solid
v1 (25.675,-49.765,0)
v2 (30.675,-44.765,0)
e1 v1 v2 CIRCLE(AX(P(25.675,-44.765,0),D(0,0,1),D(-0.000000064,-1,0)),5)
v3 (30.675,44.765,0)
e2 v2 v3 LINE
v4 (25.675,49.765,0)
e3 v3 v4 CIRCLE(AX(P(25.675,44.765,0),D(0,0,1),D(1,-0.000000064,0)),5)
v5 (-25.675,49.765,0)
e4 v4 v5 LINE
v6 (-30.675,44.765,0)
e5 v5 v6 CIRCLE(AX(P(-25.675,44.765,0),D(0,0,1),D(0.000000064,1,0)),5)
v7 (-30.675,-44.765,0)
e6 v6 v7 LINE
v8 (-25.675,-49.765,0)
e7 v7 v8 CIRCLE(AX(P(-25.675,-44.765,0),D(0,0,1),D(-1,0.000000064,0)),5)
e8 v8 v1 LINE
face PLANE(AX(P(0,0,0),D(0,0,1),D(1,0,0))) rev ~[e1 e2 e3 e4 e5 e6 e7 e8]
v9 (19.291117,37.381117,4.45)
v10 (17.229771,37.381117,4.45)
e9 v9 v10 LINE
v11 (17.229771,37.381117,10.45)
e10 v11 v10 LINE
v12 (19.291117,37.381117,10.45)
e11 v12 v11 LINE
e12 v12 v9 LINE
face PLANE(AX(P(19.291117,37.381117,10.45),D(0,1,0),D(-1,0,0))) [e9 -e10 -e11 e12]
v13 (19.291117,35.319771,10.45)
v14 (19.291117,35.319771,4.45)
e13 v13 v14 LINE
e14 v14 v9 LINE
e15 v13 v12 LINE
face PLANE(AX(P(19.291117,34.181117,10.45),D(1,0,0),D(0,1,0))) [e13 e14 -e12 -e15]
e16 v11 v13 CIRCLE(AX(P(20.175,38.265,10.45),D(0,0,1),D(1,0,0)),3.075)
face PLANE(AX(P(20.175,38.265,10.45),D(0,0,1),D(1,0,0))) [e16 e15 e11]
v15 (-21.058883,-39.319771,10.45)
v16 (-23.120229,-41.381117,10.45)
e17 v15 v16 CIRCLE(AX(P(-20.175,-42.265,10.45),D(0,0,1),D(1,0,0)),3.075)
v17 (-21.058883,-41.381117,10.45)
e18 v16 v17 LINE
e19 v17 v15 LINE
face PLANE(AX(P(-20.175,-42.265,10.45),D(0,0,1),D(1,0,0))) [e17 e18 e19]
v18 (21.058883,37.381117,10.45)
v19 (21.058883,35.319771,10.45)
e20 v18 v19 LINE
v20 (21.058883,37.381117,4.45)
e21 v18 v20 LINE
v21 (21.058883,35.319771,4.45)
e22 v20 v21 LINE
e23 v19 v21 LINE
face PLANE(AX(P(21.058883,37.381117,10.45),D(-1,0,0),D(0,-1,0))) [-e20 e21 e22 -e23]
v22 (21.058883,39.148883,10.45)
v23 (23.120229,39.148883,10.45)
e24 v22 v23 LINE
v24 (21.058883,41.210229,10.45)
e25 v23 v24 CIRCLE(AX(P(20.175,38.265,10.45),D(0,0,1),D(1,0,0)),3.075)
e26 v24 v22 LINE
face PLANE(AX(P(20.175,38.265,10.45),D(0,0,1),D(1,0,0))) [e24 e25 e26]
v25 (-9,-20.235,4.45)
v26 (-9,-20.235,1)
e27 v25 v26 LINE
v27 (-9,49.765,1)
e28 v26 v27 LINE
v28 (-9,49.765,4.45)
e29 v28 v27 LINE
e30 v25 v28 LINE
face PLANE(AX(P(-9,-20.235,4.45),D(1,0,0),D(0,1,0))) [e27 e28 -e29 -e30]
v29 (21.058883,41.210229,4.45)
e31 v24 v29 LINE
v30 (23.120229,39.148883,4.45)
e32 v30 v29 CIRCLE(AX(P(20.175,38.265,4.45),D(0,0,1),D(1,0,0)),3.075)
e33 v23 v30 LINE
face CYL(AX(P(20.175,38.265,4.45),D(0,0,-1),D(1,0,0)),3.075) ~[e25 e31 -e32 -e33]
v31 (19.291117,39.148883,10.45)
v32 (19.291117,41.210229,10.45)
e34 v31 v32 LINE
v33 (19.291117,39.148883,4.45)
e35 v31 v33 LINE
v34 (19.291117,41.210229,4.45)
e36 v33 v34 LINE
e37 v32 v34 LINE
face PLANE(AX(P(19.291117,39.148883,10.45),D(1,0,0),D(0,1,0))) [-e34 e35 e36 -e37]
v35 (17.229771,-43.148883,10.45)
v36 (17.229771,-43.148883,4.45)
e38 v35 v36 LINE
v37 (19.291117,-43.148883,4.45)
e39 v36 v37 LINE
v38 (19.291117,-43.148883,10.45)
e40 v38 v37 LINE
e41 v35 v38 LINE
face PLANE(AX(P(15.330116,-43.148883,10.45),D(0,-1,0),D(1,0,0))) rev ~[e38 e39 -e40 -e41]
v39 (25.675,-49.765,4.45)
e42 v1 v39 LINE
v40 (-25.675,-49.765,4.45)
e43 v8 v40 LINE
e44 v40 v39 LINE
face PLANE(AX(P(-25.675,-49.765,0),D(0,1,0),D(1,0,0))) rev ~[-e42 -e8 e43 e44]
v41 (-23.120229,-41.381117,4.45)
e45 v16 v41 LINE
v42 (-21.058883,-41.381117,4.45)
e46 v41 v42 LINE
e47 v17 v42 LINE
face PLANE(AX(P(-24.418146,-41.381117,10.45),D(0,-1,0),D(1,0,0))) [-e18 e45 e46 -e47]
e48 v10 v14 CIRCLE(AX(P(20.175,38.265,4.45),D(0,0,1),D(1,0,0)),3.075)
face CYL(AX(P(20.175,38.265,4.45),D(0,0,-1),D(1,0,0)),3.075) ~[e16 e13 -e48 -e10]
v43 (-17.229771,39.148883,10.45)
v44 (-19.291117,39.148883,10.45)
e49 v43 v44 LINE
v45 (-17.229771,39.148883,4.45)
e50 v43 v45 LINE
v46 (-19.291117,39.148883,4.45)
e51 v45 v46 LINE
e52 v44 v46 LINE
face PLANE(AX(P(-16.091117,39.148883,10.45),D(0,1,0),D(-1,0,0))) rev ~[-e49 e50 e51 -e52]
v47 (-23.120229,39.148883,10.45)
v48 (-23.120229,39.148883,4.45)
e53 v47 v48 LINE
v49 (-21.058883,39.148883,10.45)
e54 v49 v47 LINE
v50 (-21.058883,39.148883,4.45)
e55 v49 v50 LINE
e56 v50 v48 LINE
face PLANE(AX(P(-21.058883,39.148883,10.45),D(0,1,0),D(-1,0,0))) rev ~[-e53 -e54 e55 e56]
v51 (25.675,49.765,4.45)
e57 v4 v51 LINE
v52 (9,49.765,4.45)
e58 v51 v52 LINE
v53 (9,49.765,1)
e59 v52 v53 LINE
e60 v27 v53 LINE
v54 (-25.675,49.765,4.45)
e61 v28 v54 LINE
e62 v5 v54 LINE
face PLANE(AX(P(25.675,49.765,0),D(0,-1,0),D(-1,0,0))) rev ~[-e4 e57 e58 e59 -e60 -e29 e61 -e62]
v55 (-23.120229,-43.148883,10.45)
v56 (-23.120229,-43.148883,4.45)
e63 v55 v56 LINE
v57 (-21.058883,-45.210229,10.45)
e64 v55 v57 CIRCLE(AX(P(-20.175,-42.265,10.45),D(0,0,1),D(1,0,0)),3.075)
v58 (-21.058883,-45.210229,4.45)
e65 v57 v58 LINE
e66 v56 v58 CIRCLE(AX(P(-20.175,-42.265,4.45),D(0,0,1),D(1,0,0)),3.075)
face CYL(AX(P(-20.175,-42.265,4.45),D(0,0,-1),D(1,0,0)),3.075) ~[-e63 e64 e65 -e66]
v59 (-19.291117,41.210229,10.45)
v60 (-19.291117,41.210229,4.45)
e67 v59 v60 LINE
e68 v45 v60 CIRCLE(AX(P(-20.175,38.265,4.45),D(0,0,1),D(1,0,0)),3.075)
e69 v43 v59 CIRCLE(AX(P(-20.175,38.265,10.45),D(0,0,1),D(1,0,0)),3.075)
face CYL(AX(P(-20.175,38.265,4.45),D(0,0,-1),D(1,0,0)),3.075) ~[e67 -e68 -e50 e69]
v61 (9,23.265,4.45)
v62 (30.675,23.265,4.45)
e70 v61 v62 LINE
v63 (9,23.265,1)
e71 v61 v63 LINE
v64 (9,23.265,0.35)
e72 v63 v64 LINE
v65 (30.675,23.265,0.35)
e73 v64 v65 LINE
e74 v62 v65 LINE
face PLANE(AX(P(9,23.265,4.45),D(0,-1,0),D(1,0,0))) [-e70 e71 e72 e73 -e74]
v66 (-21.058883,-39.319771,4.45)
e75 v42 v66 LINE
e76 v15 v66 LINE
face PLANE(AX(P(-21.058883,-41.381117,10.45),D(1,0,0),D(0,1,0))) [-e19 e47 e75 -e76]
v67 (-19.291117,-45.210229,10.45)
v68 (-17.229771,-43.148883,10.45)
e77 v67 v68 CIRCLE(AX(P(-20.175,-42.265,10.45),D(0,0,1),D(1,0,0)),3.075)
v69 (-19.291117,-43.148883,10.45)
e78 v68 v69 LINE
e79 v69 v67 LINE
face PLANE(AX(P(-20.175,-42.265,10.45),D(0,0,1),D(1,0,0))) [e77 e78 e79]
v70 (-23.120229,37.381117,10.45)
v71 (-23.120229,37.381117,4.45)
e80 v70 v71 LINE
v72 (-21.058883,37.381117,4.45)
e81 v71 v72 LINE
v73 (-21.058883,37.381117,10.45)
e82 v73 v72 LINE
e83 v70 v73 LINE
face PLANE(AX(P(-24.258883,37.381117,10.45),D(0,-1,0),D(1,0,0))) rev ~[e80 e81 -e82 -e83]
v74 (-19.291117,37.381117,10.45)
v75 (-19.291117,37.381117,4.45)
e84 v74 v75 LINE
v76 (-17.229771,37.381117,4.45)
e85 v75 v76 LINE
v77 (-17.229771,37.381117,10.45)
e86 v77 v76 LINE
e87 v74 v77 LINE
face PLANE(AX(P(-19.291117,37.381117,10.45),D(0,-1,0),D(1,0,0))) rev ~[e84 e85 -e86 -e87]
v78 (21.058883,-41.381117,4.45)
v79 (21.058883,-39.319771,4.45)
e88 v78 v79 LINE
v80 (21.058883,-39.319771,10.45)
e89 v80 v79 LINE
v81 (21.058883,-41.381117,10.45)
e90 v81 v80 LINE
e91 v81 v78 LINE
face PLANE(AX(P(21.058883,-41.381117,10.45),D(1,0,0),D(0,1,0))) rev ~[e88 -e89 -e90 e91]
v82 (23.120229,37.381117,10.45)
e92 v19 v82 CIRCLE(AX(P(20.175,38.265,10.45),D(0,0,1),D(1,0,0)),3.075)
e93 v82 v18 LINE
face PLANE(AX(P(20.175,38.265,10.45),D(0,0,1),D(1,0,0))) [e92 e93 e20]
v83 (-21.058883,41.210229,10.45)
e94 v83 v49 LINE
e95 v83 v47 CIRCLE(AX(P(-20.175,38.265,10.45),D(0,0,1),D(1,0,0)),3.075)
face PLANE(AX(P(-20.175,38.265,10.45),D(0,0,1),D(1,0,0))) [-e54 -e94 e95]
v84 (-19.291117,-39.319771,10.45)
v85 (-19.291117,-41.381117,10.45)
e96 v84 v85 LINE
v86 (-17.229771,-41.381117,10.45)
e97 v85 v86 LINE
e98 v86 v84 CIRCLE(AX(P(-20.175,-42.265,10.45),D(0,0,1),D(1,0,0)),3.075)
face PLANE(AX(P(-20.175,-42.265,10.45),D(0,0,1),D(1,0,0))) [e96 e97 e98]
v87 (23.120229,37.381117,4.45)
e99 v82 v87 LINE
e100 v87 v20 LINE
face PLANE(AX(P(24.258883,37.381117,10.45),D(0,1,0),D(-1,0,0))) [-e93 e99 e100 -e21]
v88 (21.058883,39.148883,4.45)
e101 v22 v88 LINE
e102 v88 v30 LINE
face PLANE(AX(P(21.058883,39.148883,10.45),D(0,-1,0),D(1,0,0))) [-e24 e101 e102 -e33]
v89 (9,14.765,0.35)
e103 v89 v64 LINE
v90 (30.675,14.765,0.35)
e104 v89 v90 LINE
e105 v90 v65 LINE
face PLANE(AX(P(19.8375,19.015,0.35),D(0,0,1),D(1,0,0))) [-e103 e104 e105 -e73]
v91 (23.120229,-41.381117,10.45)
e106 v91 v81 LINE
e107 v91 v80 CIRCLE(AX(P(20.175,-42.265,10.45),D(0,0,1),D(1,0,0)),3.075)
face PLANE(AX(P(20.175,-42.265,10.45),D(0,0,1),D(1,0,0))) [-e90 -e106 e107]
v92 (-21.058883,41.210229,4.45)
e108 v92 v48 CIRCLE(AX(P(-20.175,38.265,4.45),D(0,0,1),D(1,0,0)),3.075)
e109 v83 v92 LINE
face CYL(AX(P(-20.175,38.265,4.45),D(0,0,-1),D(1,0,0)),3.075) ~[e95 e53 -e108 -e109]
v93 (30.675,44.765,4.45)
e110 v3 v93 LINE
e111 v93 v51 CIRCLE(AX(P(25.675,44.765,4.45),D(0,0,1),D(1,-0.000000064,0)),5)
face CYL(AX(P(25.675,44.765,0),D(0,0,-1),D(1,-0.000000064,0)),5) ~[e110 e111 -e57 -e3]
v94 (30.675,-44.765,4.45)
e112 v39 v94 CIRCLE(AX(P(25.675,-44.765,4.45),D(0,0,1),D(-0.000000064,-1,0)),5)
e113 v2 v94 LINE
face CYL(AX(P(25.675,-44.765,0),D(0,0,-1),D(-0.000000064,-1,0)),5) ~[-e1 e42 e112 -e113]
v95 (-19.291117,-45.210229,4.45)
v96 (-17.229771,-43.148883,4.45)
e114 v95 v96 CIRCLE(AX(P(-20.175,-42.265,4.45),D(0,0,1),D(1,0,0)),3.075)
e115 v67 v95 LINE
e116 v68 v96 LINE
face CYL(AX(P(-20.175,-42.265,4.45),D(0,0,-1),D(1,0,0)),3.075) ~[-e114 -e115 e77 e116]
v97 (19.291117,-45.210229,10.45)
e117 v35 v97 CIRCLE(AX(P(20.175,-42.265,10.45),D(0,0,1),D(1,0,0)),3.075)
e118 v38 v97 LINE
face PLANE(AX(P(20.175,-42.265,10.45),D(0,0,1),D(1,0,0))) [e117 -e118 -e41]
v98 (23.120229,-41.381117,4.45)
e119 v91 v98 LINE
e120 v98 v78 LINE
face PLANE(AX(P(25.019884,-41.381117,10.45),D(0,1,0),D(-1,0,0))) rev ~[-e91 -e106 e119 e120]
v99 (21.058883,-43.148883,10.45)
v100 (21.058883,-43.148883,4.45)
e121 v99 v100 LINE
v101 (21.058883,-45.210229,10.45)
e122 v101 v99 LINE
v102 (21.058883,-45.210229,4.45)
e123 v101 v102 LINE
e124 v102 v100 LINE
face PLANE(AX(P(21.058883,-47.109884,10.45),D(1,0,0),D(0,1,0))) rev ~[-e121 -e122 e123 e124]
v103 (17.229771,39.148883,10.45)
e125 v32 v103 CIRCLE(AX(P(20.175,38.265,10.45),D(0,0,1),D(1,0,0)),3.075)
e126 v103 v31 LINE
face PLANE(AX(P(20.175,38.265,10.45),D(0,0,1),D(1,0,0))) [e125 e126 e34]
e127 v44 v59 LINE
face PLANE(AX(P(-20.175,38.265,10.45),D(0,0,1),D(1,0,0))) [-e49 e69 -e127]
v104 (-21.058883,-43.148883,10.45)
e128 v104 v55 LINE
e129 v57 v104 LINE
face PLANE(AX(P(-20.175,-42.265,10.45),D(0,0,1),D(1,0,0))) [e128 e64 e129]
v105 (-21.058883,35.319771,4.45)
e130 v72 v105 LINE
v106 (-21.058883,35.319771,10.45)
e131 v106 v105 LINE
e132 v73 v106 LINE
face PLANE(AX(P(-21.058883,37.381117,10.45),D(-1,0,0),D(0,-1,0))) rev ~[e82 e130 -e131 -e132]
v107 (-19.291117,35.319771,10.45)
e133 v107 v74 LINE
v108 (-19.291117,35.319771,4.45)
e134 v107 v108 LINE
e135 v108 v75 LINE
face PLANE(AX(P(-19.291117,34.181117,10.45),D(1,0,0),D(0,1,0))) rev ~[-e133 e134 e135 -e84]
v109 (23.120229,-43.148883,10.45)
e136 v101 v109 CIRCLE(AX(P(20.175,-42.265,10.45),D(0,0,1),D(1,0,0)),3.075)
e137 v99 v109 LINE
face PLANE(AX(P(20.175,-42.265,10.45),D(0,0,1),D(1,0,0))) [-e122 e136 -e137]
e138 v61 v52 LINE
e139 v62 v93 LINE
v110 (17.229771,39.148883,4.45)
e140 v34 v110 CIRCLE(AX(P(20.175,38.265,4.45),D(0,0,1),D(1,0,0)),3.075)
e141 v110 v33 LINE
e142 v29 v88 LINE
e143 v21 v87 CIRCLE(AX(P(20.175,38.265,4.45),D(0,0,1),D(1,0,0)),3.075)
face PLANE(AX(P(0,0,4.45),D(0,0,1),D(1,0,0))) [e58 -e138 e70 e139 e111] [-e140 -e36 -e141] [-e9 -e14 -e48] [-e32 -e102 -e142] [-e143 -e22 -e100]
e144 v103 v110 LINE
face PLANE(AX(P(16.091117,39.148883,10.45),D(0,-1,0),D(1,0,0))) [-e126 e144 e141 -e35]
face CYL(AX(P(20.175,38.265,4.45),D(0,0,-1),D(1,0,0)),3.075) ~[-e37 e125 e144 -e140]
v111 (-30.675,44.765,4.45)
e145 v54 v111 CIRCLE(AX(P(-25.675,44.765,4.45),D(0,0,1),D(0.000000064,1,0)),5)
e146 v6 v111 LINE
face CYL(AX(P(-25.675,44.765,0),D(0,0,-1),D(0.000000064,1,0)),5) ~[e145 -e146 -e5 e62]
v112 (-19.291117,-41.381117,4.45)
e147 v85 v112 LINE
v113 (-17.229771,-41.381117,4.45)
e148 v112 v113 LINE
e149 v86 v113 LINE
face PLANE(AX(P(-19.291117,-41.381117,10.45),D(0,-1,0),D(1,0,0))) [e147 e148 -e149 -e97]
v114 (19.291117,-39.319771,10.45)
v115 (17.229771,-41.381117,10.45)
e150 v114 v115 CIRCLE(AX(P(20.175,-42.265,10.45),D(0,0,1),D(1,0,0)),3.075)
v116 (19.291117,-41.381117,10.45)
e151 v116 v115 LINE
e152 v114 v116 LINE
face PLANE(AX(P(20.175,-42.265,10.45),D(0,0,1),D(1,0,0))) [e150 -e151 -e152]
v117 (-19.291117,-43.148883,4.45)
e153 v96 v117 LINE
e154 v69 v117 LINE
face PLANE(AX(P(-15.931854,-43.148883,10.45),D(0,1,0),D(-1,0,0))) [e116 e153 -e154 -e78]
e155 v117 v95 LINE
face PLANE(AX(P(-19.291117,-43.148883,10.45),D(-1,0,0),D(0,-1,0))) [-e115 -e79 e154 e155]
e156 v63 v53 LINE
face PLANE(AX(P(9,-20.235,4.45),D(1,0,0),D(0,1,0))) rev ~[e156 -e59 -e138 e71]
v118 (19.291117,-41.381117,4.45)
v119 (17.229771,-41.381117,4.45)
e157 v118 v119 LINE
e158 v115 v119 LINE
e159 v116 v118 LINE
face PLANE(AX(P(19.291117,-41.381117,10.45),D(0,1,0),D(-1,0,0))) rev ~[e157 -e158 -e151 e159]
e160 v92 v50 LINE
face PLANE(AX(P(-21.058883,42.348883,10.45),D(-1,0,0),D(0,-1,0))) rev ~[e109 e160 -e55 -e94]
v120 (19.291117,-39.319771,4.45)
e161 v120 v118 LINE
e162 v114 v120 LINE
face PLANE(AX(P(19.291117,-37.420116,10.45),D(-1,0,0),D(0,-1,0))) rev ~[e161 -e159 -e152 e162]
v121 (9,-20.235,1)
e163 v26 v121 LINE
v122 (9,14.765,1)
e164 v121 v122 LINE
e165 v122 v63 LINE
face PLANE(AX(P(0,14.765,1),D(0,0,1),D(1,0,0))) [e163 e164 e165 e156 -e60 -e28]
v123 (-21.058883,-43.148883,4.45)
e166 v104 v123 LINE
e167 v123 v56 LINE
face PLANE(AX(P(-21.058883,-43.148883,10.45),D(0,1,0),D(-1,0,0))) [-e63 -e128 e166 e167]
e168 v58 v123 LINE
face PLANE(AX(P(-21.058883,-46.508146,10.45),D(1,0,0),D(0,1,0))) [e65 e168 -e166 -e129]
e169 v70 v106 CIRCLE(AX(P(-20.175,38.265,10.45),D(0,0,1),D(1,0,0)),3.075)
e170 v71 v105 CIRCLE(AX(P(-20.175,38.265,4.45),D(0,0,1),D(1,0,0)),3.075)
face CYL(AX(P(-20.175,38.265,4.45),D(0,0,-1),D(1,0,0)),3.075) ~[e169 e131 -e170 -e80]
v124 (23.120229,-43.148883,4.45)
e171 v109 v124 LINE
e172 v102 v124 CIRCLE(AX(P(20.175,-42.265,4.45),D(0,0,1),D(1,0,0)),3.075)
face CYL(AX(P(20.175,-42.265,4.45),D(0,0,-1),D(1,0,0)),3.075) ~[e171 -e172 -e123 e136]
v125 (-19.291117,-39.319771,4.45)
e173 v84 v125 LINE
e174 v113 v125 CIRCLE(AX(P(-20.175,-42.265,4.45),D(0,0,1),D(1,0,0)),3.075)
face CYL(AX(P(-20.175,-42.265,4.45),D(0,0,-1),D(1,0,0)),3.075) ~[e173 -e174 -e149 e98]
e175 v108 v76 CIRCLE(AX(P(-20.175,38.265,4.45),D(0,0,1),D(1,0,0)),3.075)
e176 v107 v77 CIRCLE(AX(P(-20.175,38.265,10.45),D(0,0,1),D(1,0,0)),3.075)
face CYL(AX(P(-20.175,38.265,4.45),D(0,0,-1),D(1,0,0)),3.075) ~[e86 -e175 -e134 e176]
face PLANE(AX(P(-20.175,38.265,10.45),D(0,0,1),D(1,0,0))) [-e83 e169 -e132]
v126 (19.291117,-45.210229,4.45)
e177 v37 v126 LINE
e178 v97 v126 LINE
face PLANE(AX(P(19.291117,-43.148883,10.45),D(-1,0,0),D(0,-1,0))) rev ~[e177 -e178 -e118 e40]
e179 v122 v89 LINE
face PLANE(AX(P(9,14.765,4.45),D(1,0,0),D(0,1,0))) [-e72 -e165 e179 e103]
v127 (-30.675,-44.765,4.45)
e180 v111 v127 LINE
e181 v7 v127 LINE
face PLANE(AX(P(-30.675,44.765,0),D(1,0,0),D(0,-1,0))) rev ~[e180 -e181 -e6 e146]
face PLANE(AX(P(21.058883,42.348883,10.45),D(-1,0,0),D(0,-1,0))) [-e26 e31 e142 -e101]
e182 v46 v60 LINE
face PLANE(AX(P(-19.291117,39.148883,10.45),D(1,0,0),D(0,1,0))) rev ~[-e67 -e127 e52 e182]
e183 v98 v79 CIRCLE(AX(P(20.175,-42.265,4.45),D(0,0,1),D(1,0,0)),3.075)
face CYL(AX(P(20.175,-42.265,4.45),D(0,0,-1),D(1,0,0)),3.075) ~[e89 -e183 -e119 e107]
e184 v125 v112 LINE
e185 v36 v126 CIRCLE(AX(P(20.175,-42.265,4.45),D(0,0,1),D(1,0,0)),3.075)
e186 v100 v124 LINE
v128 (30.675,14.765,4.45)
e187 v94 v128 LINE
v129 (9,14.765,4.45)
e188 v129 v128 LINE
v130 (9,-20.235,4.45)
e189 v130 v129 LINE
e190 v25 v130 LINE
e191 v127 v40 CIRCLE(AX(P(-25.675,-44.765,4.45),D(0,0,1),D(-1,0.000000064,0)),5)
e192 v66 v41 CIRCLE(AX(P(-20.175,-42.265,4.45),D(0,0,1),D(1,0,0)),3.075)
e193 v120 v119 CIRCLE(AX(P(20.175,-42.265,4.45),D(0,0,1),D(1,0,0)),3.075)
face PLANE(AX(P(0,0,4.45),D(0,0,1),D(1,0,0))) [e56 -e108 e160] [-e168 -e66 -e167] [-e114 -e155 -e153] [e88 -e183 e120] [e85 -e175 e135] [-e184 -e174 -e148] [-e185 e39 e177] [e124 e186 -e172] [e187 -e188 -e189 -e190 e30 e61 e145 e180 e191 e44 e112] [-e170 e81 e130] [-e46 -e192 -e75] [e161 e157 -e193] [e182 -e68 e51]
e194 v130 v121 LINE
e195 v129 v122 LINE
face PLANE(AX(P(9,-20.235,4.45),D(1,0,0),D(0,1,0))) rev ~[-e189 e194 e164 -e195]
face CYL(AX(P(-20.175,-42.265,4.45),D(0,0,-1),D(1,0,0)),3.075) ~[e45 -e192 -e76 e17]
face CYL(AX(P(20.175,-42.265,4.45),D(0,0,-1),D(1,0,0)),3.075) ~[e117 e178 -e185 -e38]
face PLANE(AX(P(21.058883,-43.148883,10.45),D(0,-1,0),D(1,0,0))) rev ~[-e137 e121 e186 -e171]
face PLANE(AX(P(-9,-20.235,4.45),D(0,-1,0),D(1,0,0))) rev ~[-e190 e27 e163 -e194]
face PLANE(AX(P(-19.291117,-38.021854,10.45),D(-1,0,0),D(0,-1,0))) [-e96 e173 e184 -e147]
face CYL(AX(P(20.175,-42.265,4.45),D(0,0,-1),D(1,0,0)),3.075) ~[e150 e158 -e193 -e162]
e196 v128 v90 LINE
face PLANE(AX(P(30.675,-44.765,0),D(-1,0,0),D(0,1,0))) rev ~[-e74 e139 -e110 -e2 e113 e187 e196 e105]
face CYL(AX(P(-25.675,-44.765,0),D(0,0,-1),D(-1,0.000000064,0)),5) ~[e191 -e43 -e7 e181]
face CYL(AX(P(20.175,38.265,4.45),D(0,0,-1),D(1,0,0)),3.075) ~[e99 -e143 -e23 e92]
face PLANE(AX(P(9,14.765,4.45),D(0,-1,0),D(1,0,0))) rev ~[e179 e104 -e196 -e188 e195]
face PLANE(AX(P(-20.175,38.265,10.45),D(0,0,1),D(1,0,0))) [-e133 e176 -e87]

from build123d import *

# Parameters (mm, degrees)
PAD_DEPTH       = 4.45
SKETCH001_W     = 18
SKETCH001_H     = 70
POCKET_DEPTH    = 3.45
SKETCH002_R     = 3.075
PAD001_DEPTH    = 6
POCKET001_DEPTH = 6
SKETCH004_W     = 21.675
SKETCH004_H     = 8.5
POCKET002_DEPTH = 4.1


with BuildPart() as part:
    # Sketch → Pad (new body)
    with BuildSketch(Plane.XY):
        with BuildLine():
            Line((-30.675, 44.765), (-30.675, -44.765))
            ThreePointArc((-30.675, -44.765), (-29.210534, -48.300534), (-25.675, -49.765))
            Line((-25.675, -49.765), (25.675, -49.765))
            ThreePointArc((25.675, -49.765), (29.210534, -48.300534), (30.675, -44.765))
            Line((30.675, -44.765), (30.675, 44.765))
            ThreePointArc((30.675, 44.765), (29.210534, 48.300534), (25.675, 49.765))
            Line((25.675, 49.765), (-25.675, 49.765))
            ThreePointArc((-25.675, 49.765), (-29.210534, 48.300534), (-30.675, 44.765))
        make_face()
    extrude(amount=PAD_DEPTH)

    # Sketch001 (on Face10 of Pad) → Pocket (cut)
    with BuildSketch(Plane.XY.offset(4.45)):
        with Locations((0, 14.765)):
            Rectangle(SKETCH001_W, SKETCH001_H)
    extrude(amount=-POCKET_DEPTH, mode=Mode.SUBTRACT)

    # Sketch002 (on Face5 of Pocket) → Pad001 (join)
    with BuildSketch(Plane.XY.offset(4.45)):
        with Locations((-20.175, 38.265)):
            Circle(SKETCH002_R)
        with Locations((20.175, 38.265)):
            Circle(SKETCH002_R)
        with Locations((-20.175, -42.265)):
            Circle(SKETCH002_R)
        with Locations((20.175, -42.265)):
            Circle(SKETCH002_R)
    extrude(amount=PAD001_DEPTH)

    # Sketch003 (on Face21 of Pad001) → Pocket001 (cut)
    with BuildSketch(Plane.XY.offset(10.45)):
        Polygon((-21.058883, 42.348883), (-21.058883, 39.148883), (-24.258883, 39.148883), (-24.258883, 37.381117), (-21.058883, 37.381117), (-21.058883, 34.181117), (-19.291117, 34.181117), (-19.291117, 37.381117), (-16.091117, 37.381117), (-16.091117, 39.148883), (-19.291117, 39.148883), (-19.291117, 42.348883), align=None)
        Polygon((21.058883, 42.348883), (21.058883, 39.148883), (24.258883, 39.148883), (24.258883, 37.381117), (21.058883, 37.381117), (21.058883, 34.181117), (19.291117, 34.181117), (19.291117, 37.381117), (16.091117, 37.381117), (16.091117, 39.148883), (19.291117, 39.148883), (19.291117, 42.348883), align=None)
        Polygon((-21.058883, -46.508146), (-21.058883, -43.148883), (-24.418146, -43.148883), (-24.418146, -41.381117), (-21.058883, -41.381117), (-21.058883, -38.021854), (-19.291117, -38.021854), (-19.291117, -41.381117), (-15.931854, -41.381117), (-15.931854, -43.148883), (-19.291117, -43.148883), (-19.291117, -46.508146), align=None)
        Polygon((21.058883, -47.109884), (21.058883, -43.148883), (25.019884, -43.148883), (25.019884, -41.381117), (21.058883, -41.381117), (21.058883, -37.420116), (19.291117, -37.420116), (19.291117, -41.381117), (15.330116, -41.381117), (15.330116, -43.148883), (19.291117, -43.148883), (19.291117, -47.109884), align=None)
    extrude(amount=-POCKET001_DEPTH, mode=Mode.SUBTRACT)

    # Sketch004 (on Face14 of Pocket001) → Pocket002 (cut)
    with BuildSketch(Plane.XY.offset(4.45)):
        with Locations((19.8375, 19.015)):
            Rectangle(SKETCH004_W, SKETCH004_H)
    extrude(amount=-POCKET002_DEPTH, mode=Mode.SUBTRACT)


solid = part.part
